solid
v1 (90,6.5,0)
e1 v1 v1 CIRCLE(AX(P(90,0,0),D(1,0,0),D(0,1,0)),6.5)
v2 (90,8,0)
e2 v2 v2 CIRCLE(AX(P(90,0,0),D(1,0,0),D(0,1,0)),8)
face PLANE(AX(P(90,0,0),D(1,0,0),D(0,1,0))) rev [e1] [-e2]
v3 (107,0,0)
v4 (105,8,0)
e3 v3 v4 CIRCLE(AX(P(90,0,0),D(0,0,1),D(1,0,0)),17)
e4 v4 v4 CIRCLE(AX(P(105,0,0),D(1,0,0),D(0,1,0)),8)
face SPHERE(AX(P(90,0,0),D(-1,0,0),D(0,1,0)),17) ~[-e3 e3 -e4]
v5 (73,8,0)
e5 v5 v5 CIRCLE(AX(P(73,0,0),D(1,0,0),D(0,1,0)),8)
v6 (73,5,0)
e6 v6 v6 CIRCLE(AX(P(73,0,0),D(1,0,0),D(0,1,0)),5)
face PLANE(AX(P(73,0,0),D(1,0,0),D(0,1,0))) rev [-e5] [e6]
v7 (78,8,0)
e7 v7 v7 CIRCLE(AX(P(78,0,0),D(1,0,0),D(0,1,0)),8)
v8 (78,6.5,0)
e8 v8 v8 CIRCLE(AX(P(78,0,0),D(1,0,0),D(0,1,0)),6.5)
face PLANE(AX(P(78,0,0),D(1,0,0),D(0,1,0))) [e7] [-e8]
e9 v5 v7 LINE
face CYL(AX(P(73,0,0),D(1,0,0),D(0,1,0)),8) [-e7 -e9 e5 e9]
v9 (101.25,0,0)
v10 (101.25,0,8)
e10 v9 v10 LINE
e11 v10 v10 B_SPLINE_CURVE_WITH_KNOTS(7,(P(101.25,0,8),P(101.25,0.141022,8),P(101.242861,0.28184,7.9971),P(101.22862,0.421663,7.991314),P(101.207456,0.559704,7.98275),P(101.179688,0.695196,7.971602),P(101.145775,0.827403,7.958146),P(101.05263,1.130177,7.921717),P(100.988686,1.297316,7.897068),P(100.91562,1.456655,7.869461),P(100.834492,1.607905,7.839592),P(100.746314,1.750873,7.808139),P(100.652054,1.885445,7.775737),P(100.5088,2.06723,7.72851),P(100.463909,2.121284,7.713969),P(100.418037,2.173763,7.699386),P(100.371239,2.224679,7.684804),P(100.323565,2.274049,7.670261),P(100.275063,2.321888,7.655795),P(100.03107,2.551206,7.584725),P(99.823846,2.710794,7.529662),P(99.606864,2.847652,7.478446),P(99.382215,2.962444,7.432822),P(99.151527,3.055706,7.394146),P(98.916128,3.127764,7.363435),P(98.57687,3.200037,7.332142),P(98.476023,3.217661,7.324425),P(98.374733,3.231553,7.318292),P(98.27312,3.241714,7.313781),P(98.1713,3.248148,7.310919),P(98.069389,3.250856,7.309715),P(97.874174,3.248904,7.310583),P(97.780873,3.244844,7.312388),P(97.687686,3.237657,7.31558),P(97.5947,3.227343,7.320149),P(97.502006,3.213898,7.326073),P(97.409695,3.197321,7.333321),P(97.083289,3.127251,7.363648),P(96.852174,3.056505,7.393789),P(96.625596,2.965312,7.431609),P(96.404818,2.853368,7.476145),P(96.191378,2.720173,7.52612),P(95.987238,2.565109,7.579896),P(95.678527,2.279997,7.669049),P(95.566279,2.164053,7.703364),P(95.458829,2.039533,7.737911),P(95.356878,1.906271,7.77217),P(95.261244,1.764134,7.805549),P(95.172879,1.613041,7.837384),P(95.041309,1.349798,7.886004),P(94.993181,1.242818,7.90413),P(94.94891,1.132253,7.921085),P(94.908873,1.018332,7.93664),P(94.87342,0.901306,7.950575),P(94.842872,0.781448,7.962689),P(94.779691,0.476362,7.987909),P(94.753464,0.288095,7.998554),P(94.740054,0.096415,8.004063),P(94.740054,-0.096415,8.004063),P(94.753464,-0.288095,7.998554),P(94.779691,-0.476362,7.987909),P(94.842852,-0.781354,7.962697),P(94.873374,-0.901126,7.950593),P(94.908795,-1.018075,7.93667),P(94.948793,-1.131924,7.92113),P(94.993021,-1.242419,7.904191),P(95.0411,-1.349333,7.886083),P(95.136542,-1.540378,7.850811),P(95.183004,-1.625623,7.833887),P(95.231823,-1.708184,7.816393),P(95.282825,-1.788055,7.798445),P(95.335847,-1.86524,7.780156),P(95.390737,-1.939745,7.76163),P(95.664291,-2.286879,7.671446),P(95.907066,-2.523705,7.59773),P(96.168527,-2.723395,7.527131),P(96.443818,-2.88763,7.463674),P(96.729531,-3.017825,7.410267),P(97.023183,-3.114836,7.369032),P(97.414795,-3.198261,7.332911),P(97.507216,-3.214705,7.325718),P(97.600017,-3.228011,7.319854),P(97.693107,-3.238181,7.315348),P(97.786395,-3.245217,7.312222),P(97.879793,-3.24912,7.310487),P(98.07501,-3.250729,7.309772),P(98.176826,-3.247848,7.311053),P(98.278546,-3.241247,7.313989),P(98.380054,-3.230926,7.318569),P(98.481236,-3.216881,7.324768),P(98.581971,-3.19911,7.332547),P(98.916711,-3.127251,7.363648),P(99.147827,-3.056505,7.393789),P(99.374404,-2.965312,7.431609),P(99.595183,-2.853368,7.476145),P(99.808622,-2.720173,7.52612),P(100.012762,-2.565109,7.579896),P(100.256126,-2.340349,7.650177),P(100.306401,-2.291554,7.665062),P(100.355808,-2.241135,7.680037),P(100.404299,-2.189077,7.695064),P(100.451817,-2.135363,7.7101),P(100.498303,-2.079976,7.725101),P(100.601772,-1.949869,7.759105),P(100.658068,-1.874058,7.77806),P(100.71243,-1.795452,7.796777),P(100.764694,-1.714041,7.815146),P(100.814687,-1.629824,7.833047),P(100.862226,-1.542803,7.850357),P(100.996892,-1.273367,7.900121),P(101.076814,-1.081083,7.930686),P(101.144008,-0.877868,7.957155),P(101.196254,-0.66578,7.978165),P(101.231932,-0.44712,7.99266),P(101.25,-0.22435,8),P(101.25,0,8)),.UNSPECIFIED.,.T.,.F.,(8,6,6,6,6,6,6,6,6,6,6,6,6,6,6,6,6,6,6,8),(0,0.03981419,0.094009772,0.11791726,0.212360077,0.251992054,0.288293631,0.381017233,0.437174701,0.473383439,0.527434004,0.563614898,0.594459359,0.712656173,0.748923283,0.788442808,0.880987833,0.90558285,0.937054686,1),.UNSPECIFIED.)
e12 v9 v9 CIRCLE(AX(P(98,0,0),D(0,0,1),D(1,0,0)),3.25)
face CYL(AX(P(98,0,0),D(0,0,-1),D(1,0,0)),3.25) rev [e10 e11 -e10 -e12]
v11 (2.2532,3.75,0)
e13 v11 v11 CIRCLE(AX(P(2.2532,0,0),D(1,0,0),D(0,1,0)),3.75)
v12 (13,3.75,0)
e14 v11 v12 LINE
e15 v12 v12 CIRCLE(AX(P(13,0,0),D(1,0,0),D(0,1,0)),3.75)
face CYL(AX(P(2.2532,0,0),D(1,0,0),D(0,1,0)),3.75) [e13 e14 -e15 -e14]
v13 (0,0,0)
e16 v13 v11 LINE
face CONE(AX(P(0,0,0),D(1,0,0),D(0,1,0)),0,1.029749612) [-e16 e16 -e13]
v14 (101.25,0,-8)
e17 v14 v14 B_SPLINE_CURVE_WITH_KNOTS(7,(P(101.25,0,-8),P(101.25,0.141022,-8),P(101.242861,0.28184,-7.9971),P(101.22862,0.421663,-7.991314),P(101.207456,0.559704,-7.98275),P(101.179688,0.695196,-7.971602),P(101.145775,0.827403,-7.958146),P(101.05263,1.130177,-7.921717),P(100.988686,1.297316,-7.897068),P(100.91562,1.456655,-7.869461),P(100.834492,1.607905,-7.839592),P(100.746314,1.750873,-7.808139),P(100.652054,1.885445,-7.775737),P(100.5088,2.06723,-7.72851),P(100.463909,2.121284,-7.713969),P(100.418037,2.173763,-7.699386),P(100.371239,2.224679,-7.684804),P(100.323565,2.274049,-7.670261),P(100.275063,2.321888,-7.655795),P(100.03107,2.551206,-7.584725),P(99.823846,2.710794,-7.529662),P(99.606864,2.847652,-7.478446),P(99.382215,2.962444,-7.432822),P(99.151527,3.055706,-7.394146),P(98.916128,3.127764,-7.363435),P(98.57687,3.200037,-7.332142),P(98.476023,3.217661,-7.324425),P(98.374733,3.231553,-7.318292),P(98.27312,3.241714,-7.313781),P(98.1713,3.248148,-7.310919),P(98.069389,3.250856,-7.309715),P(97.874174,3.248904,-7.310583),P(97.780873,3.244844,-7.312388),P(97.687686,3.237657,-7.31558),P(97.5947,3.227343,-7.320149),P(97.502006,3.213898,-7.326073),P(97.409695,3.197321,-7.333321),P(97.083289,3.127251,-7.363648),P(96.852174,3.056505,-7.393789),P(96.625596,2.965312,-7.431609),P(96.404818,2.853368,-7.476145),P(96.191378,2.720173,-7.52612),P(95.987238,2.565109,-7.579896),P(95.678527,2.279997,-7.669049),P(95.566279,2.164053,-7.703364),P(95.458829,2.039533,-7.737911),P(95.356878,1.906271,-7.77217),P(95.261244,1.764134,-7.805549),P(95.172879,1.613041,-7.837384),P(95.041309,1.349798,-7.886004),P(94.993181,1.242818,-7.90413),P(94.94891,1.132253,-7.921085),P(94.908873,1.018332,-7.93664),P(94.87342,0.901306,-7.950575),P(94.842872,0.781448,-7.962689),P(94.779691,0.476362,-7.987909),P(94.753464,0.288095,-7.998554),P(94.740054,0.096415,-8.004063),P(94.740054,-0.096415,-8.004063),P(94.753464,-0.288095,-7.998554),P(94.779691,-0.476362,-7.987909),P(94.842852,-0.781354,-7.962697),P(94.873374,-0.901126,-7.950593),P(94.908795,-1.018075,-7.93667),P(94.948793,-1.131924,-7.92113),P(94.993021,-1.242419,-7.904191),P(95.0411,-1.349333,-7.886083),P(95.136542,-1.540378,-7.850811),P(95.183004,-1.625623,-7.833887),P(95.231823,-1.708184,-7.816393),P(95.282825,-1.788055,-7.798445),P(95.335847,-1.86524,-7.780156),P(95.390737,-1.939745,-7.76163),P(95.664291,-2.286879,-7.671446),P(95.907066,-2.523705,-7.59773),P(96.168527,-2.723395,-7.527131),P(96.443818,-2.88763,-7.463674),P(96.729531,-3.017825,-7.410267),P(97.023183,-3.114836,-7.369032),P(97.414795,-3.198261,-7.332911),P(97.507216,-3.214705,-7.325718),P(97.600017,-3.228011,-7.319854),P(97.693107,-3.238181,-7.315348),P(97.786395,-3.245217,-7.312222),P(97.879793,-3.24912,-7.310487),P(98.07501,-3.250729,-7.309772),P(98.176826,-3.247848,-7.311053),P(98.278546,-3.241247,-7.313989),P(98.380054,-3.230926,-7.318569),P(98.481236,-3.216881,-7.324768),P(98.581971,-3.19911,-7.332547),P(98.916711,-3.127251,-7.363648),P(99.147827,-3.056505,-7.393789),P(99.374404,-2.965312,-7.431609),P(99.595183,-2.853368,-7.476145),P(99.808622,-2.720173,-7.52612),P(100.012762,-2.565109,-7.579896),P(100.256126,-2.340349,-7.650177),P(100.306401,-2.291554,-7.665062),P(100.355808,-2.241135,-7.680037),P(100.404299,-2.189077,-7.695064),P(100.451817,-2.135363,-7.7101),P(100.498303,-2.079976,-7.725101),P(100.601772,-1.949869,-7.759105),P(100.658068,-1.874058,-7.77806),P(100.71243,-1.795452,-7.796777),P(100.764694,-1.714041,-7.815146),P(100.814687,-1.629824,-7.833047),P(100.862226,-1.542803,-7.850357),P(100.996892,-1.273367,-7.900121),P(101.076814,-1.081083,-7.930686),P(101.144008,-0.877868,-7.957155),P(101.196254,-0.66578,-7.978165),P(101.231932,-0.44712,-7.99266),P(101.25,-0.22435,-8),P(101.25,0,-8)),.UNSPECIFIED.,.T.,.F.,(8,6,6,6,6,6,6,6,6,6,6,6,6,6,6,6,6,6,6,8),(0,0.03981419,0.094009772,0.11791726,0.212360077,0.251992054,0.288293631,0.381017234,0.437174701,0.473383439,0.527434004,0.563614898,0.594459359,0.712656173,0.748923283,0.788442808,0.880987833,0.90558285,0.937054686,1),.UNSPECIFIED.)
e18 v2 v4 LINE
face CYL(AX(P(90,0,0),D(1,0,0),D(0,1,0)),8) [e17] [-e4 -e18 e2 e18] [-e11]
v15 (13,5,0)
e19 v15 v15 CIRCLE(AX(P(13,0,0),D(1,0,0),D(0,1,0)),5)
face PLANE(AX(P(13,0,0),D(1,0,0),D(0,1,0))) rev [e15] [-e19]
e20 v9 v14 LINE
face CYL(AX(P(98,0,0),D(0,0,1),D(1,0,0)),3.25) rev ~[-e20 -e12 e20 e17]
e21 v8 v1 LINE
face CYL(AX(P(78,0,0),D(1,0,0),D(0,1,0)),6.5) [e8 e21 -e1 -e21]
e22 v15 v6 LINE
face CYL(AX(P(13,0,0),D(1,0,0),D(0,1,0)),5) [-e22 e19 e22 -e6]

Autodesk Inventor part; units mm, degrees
ref_plane "YZ Plane" through (0, 0, 0) normal (1, 0, 0) x (0, 1, 0)
ref_plane "XZ Plane" through (0, 0, 0) normal (0, 1, 0) x (-1, 0, 0)
sketch "Esboço1" plane through (0, 0, 0) normal (0, 0, 1) x (1, 0, 0)
  line L0 (0, 0) -> (107, 0)
  line L1 (0, 0) -> (2.2532, 3.75)
  line L2 (0, 0) -> (4.3749, 0) construction
  line L3 (2.2532, 3.75) -> (13, 3.75)
  line L4 (13, 3.75) -> (13, 5)
  line L5 (13, 5) -> (73, 5)
  line L6 (73, 5) -> (73, 8)
  line L7 (73, 8) -> (78, 8)
  line L8 (78, 8) -> (78, 6.5)
  line L9 (78, 6.5) -> (90, 6.5)
  line L10 (90, 6.5) -> (90, 8)
  line L11 (90, 8) -> (105, 8)
  arc A0 (107, 0) -> (105, 8) centre (90, 0) ccw
  dimension "d14" = 107
  dimension "d15" = 59
  dimension "d17" = 1.25
  dimension "d19" = 3
  dimension "d20" = 5
  dimension "d21" = 12
  dimension "d22" = 15
  dimension "d24" = 13
  dimension "d25" = 1.5
  dimension "d26" = 7.5
  dimension "d37" = 34
revolve "Revolução1" add sketch "Esboço1" angle 360 about axis through (0, 0, 0) along (1, 0, 0)
thread "Rosca1" size "M10x1.5" class "6g" standard "ANSI Metric M Profile" full length
sketch "Esboço3" plane through (0, 0, 0) normal (0, 0, 1) x (1, 0, 0)
  circle A0 centre (98, 0) radius 3.25
  arc A1 (105, -8) -> (105, 8) centre (90, 0) ccw projected
  arc A2 (105, -8) -> (105, 8) centre (90, 0) ccw projected
  line L0 (105, -8) -> (105, 8) projected
  point P0 (0, 0)
  dimension "d30" = 6.5
  dimension "d34" = 7
extrude "Extrusão1" cut sketch "Esboço3" along normal through all both and the other way through all contours A0
properties part number "Parafuso2"
